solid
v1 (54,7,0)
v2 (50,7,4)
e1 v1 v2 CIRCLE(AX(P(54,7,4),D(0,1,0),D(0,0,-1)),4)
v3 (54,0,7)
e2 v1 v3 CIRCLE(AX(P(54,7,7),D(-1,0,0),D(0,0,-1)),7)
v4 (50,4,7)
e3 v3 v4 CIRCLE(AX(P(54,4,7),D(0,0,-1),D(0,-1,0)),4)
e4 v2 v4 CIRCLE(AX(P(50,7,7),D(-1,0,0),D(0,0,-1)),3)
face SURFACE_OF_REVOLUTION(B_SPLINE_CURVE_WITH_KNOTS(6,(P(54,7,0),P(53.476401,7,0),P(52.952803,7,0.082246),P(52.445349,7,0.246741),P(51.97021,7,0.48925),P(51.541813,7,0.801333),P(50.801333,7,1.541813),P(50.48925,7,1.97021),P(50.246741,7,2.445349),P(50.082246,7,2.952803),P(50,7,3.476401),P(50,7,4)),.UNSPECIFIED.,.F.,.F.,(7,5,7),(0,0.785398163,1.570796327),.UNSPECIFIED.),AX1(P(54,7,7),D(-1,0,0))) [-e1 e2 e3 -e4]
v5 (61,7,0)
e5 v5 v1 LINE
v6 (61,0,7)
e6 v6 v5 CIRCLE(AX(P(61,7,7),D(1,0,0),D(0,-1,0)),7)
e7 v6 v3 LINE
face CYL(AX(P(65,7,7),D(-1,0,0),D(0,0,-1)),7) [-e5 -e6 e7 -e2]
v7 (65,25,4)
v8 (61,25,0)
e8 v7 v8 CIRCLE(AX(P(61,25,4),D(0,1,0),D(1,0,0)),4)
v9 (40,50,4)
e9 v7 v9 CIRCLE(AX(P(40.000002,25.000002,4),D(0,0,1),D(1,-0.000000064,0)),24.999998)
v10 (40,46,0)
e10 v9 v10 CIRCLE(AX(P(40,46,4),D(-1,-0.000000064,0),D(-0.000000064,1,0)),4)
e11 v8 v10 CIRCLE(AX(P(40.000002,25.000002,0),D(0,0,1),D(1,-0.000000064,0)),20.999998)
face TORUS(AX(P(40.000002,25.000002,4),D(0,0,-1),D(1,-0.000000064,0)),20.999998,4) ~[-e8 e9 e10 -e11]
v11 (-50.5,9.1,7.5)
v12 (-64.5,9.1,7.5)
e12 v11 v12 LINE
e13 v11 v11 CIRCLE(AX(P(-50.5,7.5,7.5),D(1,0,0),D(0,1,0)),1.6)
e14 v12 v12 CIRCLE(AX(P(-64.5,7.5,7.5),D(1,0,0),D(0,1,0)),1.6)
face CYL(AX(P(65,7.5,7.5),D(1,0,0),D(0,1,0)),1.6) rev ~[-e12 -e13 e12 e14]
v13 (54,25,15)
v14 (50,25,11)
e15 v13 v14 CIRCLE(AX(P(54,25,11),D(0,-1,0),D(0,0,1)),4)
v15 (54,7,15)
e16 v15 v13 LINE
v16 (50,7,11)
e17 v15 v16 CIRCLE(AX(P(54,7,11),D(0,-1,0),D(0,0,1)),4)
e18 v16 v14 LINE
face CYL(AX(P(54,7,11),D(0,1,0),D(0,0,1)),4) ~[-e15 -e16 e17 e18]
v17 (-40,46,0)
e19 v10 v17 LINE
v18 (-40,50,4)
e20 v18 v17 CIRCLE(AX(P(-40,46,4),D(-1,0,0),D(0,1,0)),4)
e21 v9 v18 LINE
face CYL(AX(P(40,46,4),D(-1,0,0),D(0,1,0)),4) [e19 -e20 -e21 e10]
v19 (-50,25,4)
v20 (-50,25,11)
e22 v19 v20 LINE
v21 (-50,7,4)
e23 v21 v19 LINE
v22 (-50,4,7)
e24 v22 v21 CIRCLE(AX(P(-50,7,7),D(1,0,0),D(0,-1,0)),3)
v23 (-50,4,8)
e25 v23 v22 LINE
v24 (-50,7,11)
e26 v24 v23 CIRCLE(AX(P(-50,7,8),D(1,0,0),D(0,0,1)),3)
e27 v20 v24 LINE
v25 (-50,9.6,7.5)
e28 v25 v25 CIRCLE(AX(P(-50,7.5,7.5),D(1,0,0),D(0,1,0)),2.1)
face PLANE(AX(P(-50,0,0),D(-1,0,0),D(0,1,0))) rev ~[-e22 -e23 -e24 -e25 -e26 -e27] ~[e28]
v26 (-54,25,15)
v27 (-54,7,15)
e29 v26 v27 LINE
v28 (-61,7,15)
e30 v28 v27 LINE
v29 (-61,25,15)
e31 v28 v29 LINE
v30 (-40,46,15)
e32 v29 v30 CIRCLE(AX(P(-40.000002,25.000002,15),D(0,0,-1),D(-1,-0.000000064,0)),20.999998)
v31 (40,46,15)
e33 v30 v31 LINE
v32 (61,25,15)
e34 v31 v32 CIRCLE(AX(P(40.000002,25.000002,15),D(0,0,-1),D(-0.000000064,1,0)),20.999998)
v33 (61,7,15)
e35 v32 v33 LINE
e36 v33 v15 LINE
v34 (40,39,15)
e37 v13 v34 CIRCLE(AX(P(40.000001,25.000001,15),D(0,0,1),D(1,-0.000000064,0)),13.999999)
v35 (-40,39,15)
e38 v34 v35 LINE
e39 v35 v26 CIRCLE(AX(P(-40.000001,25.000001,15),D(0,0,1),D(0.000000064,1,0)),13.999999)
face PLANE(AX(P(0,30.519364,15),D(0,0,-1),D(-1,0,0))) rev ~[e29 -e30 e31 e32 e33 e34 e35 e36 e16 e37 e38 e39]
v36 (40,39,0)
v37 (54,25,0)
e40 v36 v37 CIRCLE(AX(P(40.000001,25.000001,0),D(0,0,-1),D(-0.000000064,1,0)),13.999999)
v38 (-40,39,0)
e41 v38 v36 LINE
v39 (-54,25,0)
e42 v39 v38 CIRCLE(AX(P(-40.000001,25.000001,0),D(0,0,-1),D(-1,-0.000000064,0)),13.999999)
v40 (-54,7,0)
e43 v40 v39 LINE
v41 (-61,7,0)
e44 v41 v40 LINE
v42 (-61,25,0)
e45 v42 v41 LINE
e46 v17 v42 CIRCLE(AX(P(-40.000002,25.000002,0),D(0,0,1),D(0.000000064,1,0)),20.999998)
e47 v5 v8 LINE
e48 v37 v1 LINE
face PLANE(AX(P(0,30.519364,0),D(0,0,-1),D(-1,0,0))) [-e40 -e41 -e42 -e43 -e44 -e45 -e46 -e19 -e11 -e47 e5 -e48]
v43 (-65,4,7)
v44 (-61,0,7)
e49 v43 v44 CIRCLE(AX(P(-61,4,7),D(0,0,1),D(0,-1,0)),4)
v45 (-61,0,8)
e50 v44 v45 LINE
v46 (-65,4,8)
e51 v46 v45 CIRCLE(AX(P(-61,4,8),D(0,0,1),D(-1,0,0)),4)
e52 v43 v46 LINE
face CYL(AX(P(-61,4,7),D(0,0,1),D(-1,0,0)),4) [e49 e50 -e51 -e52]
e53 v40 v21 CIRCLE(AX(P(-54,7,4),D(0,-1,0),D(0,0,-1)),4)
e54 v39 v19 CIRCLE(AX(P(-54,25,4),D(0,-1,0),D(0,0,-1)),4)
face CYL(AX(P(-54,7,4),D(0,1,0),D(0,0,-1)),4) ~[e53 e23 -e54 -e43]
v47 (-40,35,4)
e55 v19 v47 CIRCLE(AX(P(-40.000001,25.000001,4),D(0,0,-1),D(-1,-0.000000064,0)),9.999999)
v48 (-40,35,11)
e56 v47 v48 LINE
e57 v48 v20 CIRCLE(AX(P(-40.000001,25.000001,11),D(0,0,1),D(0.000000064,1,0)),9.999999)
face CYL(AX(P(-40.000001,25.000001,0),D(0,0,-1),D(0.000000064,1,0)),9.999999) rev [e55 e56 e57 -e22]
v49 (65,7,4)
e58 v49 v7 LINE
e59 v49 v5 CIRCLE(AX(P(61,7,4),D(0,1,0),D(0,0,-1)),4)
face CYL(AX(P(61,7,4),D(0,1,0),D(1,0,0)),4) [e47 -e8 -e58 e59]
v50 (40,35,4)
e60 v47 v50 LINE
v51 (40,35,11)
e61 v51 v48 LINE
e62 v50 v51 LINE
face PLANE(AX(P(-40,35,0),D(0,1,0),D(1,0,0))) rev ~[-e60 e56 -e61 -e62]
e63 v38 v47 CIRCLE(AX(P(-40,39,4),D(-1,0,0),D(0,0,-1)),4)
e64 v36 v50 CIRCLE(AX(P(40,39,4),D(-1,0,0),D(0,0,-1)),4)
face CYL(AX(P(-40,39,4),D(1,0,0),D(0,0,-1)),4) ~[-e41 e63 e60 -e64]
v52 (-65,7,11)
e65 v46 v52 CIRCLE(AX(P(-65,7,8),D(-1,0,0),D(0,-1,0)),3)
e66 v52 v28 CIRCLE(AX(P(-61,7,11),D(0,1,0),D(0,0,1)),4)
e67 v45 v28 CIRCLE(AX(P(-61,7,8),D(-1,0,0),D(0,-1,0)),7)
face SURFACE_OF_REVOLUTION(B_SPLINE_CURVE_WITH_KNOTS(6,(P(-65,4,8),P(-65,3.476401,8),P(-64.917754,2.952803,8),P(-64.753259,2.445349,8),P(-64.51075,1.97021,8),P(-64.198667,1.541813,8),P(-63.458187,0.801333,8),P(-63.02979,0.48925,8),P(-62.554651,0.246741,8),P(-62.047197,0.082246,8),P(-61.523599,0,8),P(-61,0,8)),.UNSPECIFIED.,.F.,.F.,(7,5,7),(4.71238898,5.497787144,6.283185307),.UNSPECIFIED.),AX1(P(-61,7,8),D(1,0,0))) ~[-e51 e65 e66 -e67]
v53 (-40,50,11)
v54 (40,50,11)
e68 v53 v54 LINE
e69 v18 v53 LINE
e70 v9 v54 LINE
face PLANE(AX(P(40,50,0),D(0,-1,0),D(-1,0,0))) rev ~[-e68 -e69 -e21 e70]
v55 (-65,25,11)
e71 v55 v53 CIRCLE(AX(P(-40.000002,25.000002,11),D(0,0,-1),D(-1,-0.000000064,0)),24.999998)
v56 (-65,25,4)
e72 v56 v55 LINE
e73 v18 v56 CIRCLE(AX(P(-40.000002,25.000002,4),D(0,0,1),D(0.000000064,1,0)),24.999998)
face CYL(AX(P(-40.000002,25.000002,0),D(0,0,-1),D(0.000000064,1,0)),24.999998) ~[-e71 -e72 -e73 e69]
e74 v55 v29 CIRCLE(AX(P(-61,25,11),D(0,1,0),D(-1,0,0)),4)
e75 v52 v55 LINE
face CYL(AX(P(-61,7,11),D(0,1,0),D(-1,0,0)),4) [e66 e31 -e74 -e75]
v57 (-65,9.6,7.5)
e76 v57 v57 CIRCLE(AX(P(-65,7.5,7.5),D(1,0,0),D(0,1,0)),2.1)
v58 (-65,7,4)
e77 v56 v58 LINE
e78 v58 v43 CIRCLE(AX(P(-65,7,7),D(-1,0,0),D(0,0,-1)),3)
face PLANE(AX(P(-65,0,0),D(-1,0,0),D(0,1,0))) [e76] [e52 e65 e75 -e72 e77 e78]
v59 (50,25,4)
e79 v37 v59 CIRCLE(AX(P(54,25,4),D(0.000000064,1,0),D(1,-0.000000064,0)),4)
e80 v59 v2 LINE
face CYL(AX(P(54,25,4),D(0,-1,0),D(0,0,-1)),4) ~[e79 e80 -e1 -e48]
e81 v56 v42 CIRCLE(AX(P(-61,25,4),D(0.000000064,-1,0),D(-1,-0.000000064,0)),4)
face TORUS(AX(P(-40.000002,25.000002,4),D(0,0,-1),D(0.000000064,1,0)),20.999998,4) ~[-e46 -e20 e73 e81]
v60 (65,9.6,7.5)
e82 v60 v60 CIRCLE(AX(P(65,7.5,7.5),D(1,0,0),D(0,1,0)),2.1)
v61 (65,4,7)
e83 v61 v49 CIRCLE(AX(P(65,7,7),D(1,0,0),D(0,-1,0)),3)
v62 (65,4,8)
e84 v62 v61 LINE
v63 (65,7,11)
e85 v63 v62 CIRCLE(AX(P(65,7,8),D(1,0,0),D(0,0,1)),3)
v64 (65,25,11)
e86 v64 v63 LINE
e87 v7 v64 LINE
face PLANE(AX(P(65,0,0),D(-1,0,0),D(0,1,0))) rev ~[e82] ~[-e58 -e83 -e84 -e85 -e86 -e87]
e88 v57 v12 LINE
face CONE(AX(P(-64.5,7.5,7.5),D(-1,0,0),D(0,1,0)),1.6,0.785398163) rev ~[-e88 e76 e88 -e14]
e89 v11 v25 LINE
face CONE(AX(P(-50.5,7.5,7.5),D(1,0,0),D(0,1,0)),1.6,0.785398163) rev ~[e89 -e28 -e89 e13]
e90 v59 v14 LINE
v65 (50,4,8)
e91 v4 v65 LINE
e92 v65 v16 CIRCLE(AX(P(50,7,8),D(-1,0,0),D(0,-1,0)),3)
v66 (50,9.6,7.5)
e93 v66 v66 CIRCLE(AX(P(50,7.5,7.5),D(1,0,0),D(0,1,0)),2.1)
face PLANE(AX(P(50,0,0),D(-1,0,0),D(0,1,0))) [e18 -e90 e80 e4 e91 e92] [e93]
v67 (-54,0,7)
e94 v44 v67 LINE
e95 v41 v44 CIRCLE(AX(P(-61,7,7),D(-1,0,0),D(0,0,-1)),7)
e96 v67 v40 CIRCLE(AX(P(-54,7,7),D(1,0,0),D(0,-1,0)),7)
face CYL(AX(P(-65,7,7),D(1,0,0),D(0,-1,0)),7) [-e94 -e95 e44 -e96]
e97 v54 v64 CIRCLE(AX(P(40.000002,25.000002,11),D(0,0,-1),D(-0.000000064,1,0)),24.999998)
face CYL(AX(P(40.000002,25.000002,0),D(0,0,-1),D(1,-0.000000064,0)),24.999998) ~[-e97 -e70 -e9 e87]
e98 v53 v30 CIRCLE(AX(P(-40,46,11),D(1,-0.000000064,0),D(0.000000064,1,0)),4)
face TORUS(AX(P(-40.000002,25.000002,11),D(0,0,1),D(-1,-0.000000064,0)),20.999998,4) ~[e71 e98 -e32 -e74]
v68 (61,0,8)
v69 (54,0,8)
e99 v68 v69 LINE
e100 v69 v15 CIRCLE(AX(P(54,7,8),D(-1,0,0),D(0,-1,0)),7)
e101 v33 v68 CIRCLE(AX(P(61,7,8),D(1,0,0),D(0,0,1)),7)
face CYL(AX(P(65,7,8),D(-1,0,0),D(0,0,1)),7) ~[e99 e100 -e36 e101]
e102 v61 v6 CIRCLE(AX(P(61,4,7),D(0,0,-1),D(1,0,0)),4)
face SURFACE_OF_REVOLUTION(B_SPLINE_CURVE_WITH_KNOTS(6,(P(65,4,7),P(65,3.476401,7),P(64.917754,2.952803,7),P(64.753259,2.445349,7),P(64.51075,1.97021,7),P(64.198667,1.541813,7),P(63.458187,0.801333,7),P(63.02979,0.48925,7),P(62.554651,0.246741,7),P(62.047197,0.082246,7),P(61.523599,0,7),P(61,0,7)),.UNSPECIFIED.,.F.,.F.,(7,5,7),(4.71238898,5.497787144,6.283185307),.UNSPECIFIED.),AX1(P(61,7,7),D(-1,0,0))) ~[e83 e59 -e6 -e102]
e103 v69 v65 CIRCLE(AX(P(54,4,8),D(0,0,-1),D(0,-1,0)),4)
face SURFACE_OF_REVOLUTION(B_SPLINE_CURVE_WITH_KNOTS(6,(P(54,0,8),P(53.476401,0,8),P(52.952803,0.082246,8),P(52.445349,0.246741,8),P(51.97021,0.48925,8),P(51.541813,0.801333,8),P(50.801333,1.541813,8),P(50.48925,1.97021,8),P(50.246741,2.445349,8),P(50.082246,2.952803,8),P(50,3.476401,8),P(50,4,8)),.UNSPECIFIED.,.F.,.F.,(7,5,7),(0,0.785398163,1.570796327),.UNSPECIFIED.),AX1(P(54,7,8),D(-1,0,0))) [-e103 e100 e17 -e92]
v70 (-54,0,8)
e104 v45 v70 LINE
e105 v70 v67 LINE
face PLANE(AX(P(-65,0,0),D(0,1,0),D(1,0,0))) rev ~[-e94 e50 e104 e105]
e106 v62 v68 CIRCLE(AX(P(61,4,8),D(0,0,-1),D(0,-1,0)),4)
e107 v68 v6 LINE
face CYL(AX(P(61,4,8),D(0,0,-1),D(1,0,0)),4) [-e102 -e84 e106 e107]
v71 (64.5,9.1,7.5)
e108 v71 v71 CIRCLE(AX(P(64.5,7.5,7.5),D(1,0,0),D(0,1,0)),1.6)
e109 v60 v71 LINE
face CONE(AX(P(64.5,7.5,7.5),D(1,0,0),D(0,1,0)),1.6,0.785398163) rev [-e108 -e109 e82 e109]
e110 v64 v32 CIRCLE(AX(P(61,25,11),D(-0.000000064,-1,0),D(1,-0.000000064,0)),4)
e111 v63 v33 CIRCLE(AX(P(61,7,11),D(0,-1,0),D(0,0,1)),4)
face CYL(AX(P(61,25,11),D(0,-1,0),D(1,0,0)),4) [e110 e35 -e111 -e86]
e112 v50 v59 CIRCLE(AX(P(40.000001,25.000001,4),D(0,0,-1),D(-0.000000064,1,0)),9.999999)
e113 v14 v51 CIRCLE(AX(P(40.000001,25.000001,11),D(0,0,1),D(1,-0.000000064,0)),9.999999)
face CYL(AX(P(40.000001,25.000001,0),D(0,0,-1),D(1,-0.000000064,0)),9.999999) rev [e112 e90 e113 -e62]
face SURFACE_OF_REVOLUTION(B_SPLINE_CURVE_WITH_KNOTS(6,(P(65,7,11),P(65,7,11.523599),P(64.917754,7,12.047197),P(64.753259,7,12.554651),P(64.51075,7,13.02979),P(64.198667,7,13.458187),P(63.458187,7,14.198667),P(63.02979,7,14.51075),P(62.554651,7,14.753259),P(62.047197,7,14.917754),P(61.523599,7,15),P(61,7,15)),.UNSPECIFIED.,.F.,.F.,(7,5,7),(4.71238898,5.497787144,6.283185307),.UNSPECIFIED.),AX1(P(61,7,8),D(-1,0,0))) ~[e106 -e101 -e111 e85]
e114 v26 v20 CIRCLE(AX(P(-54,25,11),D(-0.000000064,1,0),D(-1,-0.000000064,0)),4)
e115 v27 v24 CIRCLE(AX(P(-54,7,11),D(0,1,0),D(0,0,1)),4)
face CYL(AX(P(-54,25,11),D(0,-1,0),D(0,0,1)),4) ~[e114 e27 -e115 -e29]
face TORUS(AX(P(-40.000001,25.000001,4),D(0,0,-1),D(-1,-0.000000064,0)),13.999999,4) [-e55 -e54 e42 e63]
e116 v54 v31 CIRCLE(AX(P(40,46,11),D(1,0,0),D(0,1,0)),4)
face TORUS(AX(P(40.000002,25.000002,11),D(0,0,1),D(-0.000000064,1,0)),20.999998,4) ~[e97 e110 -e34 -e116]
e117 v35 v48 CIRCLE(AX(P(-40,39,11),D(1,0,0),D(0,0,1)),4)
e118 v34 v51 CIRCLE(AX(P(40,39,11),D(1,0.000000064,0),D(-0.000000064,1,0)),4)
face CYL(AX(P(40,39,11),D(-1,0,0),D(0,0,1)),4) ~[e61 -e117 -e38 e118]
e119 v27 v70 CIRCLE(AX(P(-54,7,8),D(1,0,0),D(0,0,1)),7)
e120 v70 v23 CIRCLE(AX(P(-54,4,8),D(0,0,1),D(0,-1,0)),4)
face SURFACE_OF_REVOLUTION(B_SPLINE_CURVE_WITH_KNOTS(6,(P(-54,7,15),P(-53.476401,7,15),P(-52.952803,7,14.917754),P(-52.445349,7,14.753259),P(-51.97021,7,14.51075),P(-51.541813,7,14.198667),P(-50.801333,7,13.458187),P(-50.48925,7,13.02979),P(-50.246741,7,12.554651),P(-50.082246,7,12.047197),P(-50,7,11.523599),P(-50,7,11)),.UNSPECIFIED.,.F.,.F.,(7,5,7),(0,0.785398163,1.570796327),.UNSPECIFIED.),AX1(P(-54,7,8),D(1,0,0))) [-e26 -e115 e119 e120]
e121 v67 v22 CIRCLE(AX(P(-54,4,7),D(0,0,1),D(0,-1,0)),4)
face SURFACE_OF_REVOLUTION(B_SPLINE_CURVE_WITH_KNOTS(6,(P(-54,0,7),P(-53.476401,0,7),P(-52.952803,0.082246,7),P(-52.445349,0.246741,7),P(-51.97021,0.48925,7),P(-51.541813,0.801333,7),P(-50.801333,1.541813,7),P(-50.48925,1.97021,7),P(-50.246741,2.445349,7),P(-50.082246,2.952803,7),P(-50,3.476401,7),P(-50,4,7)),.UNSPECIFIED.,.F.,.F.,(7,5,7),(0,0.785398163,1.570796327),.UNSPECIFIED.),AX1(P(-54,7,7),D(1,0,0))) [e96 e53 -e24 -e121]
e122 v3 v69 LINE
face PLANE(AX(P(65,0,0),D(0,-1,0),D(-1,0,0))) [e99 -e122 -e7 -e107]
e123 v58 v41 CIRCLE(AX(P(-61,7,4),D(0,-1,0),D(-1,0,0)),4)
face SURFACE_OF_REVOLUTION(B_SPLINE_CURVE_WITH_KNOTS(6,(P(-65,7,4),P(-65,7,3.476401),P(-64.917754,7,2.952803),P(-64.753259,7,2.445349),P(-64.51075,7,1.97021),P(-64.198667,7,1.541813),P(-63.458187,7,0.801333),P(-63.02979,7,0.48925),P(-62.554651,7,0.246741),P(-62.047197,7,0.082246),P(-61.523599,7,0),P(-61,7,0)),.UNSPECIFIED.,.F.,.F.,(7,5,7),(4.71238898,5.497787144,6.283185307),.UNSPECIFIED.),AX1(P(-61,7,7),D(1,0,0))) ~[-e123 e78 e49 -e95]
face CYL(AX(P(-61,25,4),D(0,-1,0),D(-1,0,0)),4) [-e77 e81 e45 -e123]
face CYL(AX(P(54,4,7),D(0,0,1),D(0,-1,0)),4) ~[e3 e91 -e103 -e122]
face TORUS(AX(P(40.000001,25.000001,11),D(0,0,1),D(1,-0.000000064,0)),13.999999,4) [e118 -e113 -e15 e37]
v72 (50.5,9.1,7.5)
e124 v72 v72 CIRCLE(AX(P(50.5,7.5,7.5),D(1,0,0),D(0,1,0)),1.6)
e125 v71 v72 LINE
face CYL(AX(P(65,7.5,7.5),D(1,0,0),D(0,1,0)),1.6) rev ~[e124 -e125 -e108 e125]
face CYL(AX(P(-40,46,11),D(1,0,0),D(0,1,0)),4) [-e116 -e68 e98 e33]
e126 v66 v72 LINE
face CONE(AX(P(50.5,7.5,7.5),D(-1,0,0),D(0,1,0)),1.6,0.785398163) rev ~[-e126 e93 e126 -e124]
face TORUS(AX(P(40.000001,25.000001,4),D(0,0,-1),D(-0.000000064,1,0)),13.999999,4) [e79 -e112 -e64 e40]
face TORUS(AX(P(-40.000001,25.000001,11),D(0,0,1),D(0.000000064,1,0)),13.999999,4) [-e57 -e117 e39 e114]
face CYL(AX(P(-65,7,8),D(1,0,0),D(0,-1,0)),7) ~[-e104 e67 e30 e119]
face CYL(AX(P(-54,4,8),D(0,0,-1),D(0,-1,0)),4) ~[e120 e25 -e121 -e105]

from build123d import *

# Parameters (mm, degrees)
PAD_DEPTH    = 15
SKETCH001_R  = 1.6
POCKET_DEPTH = 130.001
FILLET_R     = 7
FILLET001_R  = 4
CHAMFER_SIZE = 0.5


with BuildPart() as part:
    # Sketch → Pad (new body)
    with BuildSketch(Plane.XY):
        with BuildLine():
            Line((-65, 0), (-65, 25))
            ThreePointArc((-40, 50), (-57.67767, 42.67767), (-65, 25))
            Line((-40, 50), (0, 50))
            Line((40, 50), (0, 50))
            ThreePointArc((65, 25), (57.67767, 42.67767), (40, 50))
            Line((65, 0), (65, 25))
            Line((65, 0), (50, 0))
            Line((50, 0), (50, 25))
            ThreePointArc((50, 25), (47.071068, 32.071068), (40, 35))
            Line((0, 35), (40, 35))
            Line((0, 35), (-40, 35))
            ThreePointArc((-40, 35), (-47.071068, 32.071068), (-50, 25))
            Line((-50, 0), (-50, 25))
            Line((-65, 0), (-50, 0))
        make_face()
    extrude(amount=PAD_DEPTH)

    # Sketch001 (on Face8 of Pad) → Pocket (cut, through all)
    with BuildSketch(Plane.YZ.offset(65)):
        with Locations((7.5, 7.5)):
            Circle(SKETCH001_R)
    extrude(amount=-POCKET_DEPTH, mode=Mode.SUBTRACT)

    # Fillet
    fillet_edges = [part.edges().sort_by_distance(p)[0] for p in [
        (57.5, 0, 0),
        (57.5, 0, 15),
        (-57.5, 0, 0),
        (-57.5, 0, 15),
    ]]
    fillet(fillet_edges, radius=FILLET_R)

    # Fillet001
    fillet001_edges = [part.edges().sort_by_distance(p)[0] for p in [
        (65, 2.050253, 12.949747),
        (0, 35, 0),
        (65, 0, 7.5),
        (65, 2.050253, 2.050253),
        (50, 2.050253, 2.050253),
        (50, 0, 7.5),
        (50, 2.050253, 12.949747),
        (50, 16, 15),
        (47.071068, 32.071068, 15),
        (65, 16, 15),
        (65, 16, 0),
        (57.67767, 42.67767, 15),
        (57.67767, 42.67767, 0),
        (0, 35, 15),
        (0, 50, 15),
        (-47.071068, 32.071068, 15),
        (-47.071068, 32.071068, 0),
        (-57.67767, 42.67767, 15),
        (-65, 16, 15),
        (-50, 16, 15),
        (-50, 2.050253, 12.949747),
        (-65, 2.050253, 12.949747),
        (-65, 0, 7.5),
        (-50, 0, 7.5),
        (-65, 2.050253, 2.050253),
        (-50, 2.050253, 2.050253),
        (-50, 16, 0),
        (-65, 16, 0),
        (-57.67767, 42.67767, 0),
        (0, 50, 0),
        (47.071068, 32.071068, 0),
        (50, 16, 0),
    ]]
    fillet(fillet001_edges, radius=FILLET001_R)

    # Chamfer
    chamfer_edges = [part.edges().sort_by_distance(p)[0] for p in [
        (-50, 5.9, 7.5),
        (65, 5.9, 7.5),
        (50, 5.9, 7.5),
        (-65, 5.9, 7.5),
    ]]
    chamfer(chamfer_edges, length=CHAMFER_SIZE)


solid = part.part
